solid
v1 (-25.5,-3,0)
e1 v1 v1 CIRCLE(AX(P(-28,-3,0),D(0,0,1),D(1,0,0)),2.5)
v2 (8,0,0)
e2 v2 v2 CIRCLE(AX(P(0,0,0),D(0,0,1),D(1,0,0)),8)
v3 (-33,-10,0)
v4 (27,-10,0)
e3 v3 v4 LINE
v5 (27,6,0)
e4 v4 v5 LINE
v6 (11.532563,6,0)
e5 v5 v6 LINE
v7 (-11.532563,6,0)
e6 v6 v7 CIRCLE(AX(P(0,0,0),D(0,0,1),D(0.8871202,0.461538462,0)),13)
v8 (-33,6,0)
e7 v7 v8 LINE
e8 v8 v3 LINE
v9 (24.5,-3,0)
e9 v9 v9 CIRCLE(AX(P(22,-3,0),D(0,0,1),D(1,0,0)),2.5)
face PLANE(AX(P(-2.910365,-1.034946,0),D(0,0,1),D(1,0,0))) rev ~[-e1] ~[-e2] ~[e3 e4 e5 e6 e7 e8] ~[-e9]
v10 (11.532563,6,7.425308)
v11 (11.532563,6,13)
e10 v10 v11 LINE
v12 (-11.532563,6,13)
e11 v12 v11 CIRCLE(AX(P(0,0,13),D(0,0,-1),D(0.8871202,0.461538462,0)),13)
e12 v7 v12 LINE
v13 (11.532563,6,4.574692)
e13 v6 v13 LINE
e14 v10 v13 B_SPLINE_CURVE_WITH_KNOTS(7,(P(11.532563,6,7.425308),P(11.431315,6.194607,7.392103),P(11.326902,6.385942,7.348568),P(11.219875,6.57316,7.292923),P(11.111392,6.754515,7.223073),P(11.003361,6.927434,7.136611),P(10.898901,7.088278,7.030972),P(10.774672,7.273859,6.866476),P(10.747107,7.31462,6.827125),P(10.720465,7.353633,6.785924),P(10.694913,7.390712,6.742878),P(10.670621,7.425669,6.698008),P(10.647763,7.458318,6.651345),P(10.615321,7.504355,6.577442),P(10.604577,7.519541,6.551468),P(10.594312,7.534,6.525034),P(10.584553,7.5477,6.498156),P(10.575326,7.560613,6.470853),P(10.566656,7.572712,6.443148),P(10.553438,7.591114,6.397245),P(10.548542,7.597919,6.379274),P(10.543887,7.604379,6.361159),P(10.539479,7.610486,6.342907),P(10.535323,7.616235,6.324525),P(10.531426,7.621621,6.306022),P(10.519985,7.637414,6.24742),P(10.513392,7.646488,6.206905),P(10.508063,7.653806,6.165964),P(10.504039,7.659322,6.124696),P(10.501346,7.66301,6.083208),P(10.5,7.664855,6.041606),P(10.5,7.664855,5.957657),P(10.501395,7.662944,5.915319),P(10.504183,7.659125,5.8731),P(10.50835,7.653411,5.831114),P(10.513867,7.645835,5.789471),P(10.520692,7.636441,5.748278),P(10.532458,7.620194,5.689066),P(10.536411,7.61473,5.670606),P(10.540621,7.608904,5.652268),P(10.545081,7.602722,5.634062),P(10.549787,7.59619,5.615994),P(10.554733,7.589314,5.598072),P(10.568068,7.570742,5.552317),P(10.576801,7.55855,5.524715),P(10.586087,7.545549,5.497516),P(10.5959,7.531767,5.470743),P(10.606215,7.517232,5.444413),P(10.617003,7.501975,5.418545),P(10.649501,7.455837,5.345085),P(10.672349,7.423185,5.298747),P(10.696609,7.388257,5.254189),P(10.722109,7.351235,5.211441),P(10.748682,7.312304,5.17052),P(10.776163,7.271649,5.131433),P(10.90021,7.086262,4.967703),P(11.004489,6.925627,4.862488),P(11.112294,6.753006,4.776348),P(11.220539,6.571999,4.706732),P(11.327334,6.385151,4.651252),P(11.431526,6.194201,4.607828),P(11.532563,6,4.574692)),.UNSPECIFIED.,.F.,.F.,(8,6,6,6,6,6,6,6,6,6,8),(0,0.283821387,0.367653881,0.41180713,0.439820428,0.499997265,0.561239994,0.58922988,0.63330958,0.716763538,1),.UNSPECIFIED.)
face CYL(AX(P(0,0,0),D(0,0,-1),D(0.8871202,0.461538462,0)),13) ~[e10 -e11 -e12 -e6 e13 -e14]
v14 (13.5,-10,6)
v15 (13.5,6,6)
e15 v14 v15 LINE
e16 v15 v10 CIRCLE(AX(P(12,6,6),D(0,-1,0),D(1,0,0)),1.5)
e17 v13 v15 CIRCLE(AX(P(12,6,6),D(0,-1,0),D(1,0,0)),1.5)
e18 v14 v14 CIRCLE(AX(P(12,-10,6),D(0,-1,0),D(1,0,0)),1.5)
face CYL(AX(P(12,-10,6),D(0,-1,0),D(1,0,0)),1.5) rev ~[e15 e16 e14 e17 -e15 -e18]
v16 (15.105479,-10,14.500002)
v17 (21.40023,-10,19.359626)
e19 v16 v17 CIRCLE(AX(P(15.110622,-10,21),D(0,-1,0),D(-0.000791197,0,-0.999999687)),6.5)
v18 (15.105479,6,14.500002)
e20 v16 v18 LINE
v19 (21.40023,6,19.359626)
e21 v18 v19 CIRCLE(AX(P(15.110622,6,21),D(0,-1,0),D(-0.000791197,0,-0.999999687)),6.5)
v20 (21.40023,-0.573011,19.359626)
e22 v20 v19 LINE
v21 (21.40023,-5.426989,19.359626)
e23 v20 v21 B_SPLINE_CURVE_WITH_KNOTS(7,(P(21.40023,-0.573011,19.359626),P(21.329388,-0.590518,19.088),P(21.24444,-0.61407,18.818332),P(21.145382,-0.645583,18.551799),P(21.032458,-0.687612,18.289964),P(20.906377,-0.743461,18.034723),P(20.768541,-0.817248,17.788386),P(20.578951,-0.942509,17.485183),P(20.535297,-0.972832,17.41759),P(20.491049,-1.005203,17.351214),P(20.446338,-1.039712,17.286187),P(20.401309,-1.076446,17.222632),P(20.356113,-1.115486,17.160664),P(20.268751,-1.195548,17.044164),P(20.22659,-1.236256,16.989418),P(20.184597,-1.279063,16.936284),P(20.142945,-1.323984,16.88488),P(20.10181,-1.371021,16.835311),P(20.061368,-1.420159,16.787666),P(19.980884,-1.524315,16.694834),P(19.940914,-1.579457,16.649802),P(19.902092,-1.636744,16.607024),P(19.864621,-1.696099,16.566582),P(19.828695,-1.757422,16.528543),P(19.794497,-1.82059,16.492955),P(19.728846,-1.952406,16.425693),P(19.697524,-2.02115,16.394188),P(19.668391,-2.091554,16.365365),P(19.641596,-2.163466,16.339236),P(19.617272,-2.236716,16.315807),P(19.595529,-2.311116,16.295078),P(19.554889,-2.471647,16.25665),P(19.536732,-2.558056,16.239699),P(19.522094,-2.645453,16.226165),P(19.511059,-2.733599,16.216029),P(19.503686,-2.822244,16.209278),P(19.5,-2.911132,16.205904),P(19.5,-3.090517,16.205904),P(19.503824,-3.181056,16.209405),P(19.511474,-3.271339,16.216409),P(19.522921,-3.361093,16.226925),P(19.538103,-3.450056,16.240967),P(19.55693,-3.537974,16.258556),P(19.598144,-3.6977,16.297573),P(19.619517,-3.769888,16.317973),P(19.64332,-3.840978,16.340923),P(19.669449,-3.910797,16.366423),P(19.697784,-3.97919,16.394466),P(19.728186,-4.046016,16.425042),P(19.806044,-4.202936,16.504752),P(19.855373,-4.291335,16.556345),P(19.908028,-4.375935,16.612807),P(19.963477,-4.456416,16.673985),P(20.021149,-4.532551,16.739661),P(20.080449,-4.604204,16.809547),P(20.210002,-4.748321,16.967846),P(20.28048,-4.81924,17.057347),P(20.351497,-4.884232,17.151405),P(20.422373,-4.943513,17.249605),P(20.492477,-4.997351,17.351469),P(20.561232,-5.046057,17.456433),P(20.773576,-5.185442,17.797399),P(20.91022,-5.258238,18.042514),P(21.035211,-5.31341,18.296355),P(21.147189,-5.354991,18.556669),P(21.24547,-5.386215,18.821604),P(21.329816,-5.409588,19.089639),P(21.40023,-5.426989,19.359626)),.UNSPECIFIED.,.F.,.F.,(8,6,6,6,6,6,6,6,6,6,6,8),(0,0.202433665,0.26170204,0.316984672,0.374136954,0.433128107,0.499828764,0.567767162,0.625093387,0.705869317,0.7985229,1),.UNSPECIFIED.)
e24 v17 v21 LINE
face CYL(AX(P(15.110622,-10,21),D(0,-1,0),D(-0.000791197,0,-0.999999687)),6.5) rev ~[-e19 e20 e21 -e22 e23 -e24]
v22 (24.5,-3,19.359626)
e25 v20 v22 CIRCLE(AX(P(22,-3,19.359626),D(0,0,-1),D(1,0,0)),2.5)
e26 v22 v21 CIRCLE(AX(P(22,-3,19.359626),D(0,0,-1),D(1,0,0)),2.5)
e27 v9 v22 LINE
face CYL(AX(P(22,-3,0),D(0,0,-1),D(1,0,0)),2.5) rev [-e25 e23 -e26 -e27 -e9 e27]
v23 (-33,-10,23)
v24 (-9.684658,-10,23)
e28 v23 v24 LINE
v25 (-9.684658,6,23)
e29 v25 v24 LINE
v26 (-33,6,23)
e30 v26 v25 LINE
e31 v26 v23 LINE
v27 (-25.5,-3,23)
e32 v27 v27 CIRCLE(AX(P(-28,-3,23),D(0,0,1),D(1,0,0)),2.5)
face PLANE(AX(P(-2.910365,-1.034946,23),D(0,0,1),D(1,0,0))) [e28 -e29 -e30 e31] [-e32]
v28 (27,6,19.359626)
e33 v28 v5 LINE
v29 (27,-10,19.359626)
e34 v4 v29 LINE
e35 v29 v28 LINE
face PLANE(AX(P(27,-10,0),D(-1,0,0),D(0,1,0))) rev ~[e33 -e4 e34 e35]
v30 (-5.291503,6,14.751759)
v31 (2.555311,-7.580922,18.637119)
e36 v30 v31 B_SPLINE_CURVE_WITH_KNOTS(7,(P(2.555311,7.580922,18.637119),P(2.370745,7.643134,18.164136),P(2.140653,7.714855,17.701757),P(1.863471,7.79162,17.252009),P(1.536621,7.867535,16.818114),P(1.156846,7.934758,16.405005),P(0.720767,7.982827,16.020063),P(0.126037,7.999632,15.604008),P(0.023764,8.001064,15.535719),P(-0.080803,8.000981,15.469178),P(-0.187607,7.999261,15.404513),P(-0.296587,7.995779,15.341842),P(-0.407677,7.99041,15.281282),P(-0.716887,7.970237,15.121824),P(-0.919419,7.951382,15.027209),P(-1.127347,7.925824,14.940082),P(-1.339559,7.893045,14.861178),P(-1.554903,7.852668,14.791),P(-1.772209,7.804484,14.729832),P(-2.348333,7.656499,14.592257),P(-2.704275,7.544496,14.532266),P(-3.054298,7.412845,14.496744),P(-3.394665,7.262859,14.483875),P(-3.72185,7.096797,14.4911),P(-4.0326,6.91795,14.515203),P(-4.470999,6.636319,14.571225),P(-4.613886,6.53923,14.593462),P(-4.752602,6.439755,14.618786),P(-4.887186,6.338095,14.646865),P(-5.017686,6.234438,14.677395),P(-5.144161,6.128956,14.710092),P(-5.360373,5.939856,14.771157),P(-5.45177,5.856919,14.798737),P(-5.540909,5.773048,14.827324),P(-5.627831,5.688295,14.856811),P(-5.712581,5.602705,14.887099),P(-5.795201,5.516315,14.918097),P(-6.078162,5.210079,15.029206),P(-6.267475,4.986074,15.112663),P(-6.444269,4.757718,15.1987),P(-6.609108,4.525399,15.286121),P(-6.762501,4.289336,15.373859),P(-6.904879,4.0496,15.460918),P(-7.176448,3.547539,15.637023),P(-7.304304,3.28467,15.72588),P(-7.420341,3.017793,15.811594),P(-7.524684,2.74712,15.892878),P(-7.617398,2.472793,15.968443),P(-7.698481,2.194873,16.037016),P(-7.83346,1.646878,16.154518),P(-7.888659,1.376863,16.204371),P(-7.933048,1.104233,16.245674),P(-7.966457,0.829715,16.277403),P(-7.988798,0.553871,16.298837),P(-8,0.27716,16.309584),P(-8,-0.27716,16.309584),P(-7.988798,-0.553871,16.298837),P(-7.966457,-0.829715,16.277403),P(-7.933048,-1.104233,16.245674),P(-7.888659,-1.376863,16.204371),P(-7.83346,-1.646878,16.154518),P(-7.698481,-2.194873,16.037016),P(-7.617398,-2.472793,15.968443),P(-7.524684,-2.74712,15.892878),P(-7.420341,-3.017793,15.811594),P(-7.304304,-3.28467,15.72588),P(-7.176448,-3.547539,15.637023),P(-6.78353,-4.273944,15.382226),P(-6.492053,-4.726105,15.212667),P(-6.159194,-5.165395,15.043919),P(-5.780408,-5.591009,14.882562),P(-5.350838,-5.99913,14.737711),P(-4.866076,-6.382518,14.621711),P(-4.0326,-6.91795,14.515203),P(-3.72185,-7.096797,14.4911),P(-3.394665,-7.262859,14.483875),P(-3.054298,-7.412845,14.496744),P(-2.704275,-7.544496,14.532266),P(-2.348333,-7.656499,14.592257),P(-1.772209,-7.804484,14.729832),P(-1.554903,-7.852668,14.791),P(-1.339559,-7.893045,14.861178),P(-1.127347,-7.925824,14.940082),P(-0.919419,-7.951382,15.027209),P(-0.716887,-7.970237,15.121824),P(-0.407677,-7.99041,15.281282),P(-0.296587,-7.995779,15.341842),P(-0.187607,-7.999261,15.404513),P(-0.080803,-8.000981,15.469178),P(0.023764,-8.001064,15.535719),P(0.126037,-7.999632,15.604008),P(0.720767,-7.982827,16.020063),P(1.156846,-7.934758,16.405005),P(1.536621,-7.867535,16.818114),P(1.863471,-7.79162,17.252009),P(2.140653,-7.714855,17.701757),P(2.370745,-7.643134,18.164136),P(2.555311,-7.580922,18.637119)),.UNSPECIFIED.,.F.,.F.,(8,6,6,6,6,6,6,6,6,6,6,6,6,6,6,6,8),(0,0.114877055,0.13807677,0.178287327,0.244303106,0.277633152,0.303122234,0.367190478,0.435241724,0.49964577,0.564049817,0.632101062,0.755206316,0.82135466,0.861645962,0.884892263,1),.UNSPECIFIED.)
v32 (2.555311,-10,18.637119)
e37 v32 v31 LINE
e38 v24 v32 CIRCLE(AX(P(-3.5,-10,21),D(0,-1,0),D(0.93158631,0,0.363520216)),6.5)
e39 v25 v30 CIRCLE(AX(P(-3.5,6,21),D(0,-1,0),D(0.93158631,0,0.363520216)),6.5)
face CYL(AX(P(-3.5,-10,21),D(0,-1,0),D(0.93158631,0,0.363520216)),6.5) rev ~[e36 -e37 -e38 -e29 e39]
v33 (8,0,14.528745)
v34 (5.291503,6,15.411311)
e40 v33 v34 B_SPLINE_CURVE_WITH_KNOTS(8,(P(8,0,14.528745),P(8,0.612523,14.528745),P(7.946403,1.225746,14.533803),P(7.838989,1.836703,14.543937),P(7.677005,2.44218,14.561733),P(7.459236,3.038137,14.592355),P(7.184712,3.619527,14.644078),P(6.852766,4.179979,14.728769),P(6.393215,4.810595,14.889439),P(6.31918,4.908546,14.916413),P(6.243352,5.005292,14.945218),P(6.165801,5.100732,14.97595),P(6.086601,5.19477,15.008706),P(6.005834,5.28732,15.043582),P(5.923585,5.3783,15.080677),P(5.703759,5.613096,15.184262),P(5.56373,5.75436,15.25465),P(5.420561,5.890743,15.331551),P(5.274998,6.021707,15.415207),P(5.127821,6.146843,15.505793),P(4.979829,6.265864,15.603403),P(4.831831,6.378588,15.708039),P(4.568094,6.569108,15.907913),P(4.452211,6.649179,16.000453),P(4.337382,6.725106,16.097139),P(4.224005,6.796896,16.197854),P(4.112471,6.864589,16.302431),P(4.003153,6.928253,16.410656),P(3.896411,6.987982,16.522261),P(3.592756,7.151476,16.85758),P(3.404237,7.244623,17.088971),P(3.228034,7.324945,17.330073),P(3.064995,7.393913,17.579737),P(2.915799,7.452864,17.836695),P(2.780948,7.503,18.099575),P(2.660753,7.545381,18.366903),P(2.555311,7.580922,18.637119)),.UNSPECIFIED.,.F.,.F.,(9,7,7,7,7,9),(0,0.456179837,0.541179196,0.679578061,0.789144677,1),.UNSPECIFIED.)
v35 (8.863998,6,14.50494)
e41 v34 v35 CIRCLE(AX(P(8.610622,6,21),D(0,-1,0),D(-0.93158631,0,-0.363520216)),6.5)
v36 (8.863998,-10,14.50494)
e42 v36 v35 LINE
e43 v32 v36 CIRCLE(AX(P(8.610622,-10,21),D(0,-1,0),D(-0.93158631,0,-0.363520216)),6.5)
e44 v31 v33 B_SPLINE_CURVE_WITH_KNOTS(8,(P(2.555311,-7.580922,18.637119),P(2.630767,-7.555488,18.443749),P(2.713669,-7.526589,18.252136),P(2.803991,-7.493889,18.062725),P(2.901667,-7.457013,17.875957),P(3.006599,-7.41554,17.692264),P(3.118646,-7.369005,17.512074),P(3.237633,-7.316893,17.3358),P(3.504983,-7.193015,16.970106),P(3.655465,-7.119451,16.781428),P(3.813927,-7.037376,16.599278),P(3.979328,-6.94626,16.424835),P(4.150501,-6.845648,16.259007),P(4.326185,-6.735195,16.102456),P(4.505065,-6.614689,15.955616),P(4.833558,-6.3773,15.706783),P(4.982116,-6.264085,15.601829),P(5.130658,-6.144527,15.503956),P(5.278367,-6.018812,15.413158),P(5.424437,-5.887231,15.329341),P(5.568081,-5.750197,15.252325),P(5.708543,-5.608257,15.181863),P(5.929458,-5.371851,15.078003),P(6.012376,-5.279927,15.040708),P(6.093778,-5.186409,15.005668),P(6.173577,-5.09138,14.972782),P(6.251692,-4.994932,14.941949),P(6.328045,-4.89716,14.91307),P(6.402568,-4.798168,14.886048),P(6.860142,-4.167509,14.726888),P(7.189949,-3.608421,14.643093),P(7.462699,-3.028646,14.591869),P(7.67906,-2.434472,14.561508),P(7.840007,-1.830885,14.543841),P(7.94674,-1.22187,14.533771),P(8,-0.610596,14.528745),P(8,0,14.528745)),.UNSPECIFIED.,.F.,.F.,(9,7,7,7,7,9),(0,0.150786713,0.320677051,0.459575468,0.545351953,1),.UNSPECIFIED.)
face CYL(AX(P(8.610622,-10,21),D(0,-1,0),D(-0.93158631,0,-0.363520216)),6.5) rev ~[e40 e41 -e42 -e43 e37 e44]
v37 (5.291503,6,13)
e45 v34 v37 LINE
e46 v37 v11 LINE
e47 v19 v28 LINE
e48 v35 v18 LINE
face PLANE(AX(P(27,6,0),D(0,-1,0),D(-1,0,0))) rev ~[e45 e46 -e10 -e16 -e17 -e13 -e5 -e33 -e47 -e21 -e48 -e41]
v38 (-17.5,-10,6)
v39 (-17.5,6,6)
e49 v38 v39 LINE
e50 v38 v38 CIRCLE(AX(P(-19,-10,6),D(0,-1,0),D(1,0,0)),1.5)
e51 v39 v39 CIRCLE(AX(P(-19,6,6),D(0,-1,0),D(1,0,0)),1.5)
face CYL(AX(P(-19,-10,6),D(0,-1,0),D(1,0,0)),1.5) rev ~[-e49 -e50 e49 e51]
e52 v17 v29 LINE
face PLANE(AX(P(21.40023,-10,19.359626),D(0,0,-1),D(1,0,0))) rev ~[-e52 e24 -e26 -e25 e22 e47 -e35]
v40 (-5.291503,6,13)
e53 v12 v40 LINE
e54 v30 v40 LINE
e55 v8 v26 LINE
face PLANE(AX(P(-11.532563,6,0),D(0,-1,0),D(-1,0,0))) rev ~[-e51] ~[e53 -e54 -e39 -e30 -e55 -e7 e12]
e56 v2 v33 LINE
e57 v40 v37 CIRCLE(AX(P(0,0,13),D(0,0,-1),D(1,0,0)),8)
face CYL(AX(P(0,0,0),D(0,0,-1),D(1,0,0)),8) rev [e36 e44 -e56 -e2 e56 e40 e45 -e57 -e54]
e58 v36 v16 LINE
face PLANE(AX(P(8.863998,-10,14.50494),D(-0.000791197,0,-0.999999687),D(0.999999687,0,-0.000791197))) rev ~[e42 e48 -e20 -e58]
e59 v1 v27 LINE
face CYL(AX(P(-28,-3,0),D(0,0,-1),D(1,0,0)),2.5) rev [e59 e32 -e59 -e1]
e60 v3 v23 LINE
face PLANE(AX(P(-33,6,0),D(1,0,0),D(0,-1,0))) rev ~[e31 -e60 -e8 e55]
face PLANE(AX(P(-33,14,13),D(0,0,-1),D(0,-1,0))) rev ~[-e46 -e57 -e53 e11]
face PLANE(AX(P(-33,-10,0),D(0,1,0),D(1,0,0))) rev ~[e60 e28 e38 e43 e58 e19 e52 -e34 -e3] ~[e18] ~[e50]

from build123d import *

# Parameters (mm, degrees)
F0_R     = 2.5
F0_R_2   = 8
F1_DEPTH = 23
F2_R     = 1.5
F3_DEPTH = 23.001
F4_W     = 8
F4_H     = 10
F5_DEPTH = 60.001


with BuildPart() as f1:
    # F0 (on Top) → F1 (new body)
    with BuildSketch(Plane.XY):
        with BuildLine():
            Line((-11.5325625947, 6), (-33, 6))
            Line((-33, 6), (-33, -10))
            Line((-33, -10), (27, -10))
            Line((27, -10), (27, 6))
            Line((27, 6), (11.5325625947, 6))
            ThreePointArc((11.5325625947, 6), (0, 13), (-11.5325625947, 6))
        make_face()
        with Locations((-28, -3)):
            Circle(F0_R, mode=Mode.SUBTRACT)
        Circle(F0_R_2, mode=Mode.SUBTRACT)
        with Locations((22, -3)):
            Circle(F0_R, mode=Mode.SUBTRACT)
    extrude(amount=F1_DEPTH)

    # F2 (on face) → F3 (cut, through all)
    with BuildSketch(Plane.XZ.offset(10)):
        with Locations((-19, 6)):
            Circle(F2_R)
        with Locations((12, 6)):
            Circle(F2_R)
        with BuildLine():
            ThreePointArc((2.555311013, 18.6371185947), (2.8878604237, 19.7978189788), (3, 21))
            ThreePointArc((3, 21), (2.8878604237, 22.2021810212), (2.555311013, 23.3628814053))
            ThreePointArc((2.555311013, 23.3628814053), (2.110622026, 21), (2.555311013, 18.6371185947))
        make_face()
        with BuildLine():
            ThreePointArc((2.555311013, 23.3628814053), (2.8878604237, 22.2021810212), (3, 21))
            ThreePointArc((3, 21), (2.8878604237, 19.7978189788), (2.555311013, 18.6371185947))
            ThreePointArc((2.555311013, 18.6371185947), (5.0491141915, 15.5625684423), (8.8639976231, 14.5049402769))
            ThreePointArc((8.8639976231, 14.5049402769), (10.4150204043, 14.7554706749), (11.860622026, 15.3708348754))
            ThreePointArc((11.860622026, 15.3708348754), (8.610622026, 21), (11.860622026, 26.6291651246))
            ThreePointArc((11.860622026, 26.6291651246), (6.4578111185, 27.1331399133), (2.555311013, 23.3628814053))
        make_face()
        with BuildLine():
            ThreePointArc((2.555311013, 18.6371185947), (2.110622026, 21), (2.555311013, 23.3628814053))
            ThreePointArc((2.555311013, 23.3628814053), (-10, 21), (2.555311013, 18.6371185947))
        make_face()
        with BuildLine():
            ThreePointArc((21.2952804645, 23), (17.4442382997, 27.0666494119), (11.860622026, 26.6291651246))
            ThreePointArc((11.860622026, 26.6291651246), (14.2397871506, 24.25), (15.110622026, 21))
            ThreePointArc((15.110622026, 21), (14.2397871506, 17.75), (11.860622026, 15.3708348754))
            ThreePointArc((11.860622026, 15.3708348754), (13.4258145924, 14.7221481451), (15.1054792462, 14.5000020345))
            ThreePointArc((15.1054792462, 14.5000020345), (19.0827263462, 15.854867614), (21.4002303392, 19.3596258759))
            ThreePointArc((21.4002303392, 19.3596258759), (21.5578095538, 20.173094333), (21.610622026, 21))
            ThreePointArc((21.610622026, 21), (21.5313026695, 22.0123537302), (21.2952804645, 23))
        make_face()
        with BuildLine():
            ThreePointArc((15.110622026, 21), (14.2397871506, 24.25), (11.860622026, 26.6291651246))
            ThreePointArc((11.860622026, 26.6291651246), (8.610622026, 21), (11.860622026, 15.3708348754))
            ThreePointArc((11.860622026, 15.3708348754), (14.2397871506, 17.75), (15.110622026, 21))
        make_face()
        with BuildLine():
            ThreePointArc((11.860622026, 15.3708348754), (10.4150204043, 14.7554706749), (8.8639976231, 14.5049402769))
            Line((8.8639976231, 14.5049402769), (15.1054792462, 14.5000020345))
            ThreePointArc((15.1054792462, 14.5000020345), (13.4258145924, 14.7221481451), (11.860622026, 15.3708348754))
        make_face()
        with BuildLine():
            Line((27, 23), (21.2952804645, 23))
            ThreePointArc((21.2952804645, 23), (21.5313026695, 22.0123537302), (21.610622026, 21))
            ThreePointArc((21.610622026, 21), (21.5578095538, 20.173094333), (21.4002303392, 19.3596258759))
            Line((21.4002303392, 19.3596258759), (27, 19.3596258759))
            Line((27, 19.3596258759), (27, 23))
        make_face()
    extrude(amount=-F3_DEPTH, mode=Mode.SUBTRACT)

    # F4 (on face) → F5 (cut, through all)
    with BuildSketch(Plane(origin=(-33, 0, 0), x_dir=(0, -1, 0), z_dir=(-1, 0, 0))):
        with Locations((-10, 18)):
            Rectangle(F4_W, F4_H)
    extrude(amount=-F5_DEPTH, mode=Mode.SUBTRACT)


solid = f1.part
